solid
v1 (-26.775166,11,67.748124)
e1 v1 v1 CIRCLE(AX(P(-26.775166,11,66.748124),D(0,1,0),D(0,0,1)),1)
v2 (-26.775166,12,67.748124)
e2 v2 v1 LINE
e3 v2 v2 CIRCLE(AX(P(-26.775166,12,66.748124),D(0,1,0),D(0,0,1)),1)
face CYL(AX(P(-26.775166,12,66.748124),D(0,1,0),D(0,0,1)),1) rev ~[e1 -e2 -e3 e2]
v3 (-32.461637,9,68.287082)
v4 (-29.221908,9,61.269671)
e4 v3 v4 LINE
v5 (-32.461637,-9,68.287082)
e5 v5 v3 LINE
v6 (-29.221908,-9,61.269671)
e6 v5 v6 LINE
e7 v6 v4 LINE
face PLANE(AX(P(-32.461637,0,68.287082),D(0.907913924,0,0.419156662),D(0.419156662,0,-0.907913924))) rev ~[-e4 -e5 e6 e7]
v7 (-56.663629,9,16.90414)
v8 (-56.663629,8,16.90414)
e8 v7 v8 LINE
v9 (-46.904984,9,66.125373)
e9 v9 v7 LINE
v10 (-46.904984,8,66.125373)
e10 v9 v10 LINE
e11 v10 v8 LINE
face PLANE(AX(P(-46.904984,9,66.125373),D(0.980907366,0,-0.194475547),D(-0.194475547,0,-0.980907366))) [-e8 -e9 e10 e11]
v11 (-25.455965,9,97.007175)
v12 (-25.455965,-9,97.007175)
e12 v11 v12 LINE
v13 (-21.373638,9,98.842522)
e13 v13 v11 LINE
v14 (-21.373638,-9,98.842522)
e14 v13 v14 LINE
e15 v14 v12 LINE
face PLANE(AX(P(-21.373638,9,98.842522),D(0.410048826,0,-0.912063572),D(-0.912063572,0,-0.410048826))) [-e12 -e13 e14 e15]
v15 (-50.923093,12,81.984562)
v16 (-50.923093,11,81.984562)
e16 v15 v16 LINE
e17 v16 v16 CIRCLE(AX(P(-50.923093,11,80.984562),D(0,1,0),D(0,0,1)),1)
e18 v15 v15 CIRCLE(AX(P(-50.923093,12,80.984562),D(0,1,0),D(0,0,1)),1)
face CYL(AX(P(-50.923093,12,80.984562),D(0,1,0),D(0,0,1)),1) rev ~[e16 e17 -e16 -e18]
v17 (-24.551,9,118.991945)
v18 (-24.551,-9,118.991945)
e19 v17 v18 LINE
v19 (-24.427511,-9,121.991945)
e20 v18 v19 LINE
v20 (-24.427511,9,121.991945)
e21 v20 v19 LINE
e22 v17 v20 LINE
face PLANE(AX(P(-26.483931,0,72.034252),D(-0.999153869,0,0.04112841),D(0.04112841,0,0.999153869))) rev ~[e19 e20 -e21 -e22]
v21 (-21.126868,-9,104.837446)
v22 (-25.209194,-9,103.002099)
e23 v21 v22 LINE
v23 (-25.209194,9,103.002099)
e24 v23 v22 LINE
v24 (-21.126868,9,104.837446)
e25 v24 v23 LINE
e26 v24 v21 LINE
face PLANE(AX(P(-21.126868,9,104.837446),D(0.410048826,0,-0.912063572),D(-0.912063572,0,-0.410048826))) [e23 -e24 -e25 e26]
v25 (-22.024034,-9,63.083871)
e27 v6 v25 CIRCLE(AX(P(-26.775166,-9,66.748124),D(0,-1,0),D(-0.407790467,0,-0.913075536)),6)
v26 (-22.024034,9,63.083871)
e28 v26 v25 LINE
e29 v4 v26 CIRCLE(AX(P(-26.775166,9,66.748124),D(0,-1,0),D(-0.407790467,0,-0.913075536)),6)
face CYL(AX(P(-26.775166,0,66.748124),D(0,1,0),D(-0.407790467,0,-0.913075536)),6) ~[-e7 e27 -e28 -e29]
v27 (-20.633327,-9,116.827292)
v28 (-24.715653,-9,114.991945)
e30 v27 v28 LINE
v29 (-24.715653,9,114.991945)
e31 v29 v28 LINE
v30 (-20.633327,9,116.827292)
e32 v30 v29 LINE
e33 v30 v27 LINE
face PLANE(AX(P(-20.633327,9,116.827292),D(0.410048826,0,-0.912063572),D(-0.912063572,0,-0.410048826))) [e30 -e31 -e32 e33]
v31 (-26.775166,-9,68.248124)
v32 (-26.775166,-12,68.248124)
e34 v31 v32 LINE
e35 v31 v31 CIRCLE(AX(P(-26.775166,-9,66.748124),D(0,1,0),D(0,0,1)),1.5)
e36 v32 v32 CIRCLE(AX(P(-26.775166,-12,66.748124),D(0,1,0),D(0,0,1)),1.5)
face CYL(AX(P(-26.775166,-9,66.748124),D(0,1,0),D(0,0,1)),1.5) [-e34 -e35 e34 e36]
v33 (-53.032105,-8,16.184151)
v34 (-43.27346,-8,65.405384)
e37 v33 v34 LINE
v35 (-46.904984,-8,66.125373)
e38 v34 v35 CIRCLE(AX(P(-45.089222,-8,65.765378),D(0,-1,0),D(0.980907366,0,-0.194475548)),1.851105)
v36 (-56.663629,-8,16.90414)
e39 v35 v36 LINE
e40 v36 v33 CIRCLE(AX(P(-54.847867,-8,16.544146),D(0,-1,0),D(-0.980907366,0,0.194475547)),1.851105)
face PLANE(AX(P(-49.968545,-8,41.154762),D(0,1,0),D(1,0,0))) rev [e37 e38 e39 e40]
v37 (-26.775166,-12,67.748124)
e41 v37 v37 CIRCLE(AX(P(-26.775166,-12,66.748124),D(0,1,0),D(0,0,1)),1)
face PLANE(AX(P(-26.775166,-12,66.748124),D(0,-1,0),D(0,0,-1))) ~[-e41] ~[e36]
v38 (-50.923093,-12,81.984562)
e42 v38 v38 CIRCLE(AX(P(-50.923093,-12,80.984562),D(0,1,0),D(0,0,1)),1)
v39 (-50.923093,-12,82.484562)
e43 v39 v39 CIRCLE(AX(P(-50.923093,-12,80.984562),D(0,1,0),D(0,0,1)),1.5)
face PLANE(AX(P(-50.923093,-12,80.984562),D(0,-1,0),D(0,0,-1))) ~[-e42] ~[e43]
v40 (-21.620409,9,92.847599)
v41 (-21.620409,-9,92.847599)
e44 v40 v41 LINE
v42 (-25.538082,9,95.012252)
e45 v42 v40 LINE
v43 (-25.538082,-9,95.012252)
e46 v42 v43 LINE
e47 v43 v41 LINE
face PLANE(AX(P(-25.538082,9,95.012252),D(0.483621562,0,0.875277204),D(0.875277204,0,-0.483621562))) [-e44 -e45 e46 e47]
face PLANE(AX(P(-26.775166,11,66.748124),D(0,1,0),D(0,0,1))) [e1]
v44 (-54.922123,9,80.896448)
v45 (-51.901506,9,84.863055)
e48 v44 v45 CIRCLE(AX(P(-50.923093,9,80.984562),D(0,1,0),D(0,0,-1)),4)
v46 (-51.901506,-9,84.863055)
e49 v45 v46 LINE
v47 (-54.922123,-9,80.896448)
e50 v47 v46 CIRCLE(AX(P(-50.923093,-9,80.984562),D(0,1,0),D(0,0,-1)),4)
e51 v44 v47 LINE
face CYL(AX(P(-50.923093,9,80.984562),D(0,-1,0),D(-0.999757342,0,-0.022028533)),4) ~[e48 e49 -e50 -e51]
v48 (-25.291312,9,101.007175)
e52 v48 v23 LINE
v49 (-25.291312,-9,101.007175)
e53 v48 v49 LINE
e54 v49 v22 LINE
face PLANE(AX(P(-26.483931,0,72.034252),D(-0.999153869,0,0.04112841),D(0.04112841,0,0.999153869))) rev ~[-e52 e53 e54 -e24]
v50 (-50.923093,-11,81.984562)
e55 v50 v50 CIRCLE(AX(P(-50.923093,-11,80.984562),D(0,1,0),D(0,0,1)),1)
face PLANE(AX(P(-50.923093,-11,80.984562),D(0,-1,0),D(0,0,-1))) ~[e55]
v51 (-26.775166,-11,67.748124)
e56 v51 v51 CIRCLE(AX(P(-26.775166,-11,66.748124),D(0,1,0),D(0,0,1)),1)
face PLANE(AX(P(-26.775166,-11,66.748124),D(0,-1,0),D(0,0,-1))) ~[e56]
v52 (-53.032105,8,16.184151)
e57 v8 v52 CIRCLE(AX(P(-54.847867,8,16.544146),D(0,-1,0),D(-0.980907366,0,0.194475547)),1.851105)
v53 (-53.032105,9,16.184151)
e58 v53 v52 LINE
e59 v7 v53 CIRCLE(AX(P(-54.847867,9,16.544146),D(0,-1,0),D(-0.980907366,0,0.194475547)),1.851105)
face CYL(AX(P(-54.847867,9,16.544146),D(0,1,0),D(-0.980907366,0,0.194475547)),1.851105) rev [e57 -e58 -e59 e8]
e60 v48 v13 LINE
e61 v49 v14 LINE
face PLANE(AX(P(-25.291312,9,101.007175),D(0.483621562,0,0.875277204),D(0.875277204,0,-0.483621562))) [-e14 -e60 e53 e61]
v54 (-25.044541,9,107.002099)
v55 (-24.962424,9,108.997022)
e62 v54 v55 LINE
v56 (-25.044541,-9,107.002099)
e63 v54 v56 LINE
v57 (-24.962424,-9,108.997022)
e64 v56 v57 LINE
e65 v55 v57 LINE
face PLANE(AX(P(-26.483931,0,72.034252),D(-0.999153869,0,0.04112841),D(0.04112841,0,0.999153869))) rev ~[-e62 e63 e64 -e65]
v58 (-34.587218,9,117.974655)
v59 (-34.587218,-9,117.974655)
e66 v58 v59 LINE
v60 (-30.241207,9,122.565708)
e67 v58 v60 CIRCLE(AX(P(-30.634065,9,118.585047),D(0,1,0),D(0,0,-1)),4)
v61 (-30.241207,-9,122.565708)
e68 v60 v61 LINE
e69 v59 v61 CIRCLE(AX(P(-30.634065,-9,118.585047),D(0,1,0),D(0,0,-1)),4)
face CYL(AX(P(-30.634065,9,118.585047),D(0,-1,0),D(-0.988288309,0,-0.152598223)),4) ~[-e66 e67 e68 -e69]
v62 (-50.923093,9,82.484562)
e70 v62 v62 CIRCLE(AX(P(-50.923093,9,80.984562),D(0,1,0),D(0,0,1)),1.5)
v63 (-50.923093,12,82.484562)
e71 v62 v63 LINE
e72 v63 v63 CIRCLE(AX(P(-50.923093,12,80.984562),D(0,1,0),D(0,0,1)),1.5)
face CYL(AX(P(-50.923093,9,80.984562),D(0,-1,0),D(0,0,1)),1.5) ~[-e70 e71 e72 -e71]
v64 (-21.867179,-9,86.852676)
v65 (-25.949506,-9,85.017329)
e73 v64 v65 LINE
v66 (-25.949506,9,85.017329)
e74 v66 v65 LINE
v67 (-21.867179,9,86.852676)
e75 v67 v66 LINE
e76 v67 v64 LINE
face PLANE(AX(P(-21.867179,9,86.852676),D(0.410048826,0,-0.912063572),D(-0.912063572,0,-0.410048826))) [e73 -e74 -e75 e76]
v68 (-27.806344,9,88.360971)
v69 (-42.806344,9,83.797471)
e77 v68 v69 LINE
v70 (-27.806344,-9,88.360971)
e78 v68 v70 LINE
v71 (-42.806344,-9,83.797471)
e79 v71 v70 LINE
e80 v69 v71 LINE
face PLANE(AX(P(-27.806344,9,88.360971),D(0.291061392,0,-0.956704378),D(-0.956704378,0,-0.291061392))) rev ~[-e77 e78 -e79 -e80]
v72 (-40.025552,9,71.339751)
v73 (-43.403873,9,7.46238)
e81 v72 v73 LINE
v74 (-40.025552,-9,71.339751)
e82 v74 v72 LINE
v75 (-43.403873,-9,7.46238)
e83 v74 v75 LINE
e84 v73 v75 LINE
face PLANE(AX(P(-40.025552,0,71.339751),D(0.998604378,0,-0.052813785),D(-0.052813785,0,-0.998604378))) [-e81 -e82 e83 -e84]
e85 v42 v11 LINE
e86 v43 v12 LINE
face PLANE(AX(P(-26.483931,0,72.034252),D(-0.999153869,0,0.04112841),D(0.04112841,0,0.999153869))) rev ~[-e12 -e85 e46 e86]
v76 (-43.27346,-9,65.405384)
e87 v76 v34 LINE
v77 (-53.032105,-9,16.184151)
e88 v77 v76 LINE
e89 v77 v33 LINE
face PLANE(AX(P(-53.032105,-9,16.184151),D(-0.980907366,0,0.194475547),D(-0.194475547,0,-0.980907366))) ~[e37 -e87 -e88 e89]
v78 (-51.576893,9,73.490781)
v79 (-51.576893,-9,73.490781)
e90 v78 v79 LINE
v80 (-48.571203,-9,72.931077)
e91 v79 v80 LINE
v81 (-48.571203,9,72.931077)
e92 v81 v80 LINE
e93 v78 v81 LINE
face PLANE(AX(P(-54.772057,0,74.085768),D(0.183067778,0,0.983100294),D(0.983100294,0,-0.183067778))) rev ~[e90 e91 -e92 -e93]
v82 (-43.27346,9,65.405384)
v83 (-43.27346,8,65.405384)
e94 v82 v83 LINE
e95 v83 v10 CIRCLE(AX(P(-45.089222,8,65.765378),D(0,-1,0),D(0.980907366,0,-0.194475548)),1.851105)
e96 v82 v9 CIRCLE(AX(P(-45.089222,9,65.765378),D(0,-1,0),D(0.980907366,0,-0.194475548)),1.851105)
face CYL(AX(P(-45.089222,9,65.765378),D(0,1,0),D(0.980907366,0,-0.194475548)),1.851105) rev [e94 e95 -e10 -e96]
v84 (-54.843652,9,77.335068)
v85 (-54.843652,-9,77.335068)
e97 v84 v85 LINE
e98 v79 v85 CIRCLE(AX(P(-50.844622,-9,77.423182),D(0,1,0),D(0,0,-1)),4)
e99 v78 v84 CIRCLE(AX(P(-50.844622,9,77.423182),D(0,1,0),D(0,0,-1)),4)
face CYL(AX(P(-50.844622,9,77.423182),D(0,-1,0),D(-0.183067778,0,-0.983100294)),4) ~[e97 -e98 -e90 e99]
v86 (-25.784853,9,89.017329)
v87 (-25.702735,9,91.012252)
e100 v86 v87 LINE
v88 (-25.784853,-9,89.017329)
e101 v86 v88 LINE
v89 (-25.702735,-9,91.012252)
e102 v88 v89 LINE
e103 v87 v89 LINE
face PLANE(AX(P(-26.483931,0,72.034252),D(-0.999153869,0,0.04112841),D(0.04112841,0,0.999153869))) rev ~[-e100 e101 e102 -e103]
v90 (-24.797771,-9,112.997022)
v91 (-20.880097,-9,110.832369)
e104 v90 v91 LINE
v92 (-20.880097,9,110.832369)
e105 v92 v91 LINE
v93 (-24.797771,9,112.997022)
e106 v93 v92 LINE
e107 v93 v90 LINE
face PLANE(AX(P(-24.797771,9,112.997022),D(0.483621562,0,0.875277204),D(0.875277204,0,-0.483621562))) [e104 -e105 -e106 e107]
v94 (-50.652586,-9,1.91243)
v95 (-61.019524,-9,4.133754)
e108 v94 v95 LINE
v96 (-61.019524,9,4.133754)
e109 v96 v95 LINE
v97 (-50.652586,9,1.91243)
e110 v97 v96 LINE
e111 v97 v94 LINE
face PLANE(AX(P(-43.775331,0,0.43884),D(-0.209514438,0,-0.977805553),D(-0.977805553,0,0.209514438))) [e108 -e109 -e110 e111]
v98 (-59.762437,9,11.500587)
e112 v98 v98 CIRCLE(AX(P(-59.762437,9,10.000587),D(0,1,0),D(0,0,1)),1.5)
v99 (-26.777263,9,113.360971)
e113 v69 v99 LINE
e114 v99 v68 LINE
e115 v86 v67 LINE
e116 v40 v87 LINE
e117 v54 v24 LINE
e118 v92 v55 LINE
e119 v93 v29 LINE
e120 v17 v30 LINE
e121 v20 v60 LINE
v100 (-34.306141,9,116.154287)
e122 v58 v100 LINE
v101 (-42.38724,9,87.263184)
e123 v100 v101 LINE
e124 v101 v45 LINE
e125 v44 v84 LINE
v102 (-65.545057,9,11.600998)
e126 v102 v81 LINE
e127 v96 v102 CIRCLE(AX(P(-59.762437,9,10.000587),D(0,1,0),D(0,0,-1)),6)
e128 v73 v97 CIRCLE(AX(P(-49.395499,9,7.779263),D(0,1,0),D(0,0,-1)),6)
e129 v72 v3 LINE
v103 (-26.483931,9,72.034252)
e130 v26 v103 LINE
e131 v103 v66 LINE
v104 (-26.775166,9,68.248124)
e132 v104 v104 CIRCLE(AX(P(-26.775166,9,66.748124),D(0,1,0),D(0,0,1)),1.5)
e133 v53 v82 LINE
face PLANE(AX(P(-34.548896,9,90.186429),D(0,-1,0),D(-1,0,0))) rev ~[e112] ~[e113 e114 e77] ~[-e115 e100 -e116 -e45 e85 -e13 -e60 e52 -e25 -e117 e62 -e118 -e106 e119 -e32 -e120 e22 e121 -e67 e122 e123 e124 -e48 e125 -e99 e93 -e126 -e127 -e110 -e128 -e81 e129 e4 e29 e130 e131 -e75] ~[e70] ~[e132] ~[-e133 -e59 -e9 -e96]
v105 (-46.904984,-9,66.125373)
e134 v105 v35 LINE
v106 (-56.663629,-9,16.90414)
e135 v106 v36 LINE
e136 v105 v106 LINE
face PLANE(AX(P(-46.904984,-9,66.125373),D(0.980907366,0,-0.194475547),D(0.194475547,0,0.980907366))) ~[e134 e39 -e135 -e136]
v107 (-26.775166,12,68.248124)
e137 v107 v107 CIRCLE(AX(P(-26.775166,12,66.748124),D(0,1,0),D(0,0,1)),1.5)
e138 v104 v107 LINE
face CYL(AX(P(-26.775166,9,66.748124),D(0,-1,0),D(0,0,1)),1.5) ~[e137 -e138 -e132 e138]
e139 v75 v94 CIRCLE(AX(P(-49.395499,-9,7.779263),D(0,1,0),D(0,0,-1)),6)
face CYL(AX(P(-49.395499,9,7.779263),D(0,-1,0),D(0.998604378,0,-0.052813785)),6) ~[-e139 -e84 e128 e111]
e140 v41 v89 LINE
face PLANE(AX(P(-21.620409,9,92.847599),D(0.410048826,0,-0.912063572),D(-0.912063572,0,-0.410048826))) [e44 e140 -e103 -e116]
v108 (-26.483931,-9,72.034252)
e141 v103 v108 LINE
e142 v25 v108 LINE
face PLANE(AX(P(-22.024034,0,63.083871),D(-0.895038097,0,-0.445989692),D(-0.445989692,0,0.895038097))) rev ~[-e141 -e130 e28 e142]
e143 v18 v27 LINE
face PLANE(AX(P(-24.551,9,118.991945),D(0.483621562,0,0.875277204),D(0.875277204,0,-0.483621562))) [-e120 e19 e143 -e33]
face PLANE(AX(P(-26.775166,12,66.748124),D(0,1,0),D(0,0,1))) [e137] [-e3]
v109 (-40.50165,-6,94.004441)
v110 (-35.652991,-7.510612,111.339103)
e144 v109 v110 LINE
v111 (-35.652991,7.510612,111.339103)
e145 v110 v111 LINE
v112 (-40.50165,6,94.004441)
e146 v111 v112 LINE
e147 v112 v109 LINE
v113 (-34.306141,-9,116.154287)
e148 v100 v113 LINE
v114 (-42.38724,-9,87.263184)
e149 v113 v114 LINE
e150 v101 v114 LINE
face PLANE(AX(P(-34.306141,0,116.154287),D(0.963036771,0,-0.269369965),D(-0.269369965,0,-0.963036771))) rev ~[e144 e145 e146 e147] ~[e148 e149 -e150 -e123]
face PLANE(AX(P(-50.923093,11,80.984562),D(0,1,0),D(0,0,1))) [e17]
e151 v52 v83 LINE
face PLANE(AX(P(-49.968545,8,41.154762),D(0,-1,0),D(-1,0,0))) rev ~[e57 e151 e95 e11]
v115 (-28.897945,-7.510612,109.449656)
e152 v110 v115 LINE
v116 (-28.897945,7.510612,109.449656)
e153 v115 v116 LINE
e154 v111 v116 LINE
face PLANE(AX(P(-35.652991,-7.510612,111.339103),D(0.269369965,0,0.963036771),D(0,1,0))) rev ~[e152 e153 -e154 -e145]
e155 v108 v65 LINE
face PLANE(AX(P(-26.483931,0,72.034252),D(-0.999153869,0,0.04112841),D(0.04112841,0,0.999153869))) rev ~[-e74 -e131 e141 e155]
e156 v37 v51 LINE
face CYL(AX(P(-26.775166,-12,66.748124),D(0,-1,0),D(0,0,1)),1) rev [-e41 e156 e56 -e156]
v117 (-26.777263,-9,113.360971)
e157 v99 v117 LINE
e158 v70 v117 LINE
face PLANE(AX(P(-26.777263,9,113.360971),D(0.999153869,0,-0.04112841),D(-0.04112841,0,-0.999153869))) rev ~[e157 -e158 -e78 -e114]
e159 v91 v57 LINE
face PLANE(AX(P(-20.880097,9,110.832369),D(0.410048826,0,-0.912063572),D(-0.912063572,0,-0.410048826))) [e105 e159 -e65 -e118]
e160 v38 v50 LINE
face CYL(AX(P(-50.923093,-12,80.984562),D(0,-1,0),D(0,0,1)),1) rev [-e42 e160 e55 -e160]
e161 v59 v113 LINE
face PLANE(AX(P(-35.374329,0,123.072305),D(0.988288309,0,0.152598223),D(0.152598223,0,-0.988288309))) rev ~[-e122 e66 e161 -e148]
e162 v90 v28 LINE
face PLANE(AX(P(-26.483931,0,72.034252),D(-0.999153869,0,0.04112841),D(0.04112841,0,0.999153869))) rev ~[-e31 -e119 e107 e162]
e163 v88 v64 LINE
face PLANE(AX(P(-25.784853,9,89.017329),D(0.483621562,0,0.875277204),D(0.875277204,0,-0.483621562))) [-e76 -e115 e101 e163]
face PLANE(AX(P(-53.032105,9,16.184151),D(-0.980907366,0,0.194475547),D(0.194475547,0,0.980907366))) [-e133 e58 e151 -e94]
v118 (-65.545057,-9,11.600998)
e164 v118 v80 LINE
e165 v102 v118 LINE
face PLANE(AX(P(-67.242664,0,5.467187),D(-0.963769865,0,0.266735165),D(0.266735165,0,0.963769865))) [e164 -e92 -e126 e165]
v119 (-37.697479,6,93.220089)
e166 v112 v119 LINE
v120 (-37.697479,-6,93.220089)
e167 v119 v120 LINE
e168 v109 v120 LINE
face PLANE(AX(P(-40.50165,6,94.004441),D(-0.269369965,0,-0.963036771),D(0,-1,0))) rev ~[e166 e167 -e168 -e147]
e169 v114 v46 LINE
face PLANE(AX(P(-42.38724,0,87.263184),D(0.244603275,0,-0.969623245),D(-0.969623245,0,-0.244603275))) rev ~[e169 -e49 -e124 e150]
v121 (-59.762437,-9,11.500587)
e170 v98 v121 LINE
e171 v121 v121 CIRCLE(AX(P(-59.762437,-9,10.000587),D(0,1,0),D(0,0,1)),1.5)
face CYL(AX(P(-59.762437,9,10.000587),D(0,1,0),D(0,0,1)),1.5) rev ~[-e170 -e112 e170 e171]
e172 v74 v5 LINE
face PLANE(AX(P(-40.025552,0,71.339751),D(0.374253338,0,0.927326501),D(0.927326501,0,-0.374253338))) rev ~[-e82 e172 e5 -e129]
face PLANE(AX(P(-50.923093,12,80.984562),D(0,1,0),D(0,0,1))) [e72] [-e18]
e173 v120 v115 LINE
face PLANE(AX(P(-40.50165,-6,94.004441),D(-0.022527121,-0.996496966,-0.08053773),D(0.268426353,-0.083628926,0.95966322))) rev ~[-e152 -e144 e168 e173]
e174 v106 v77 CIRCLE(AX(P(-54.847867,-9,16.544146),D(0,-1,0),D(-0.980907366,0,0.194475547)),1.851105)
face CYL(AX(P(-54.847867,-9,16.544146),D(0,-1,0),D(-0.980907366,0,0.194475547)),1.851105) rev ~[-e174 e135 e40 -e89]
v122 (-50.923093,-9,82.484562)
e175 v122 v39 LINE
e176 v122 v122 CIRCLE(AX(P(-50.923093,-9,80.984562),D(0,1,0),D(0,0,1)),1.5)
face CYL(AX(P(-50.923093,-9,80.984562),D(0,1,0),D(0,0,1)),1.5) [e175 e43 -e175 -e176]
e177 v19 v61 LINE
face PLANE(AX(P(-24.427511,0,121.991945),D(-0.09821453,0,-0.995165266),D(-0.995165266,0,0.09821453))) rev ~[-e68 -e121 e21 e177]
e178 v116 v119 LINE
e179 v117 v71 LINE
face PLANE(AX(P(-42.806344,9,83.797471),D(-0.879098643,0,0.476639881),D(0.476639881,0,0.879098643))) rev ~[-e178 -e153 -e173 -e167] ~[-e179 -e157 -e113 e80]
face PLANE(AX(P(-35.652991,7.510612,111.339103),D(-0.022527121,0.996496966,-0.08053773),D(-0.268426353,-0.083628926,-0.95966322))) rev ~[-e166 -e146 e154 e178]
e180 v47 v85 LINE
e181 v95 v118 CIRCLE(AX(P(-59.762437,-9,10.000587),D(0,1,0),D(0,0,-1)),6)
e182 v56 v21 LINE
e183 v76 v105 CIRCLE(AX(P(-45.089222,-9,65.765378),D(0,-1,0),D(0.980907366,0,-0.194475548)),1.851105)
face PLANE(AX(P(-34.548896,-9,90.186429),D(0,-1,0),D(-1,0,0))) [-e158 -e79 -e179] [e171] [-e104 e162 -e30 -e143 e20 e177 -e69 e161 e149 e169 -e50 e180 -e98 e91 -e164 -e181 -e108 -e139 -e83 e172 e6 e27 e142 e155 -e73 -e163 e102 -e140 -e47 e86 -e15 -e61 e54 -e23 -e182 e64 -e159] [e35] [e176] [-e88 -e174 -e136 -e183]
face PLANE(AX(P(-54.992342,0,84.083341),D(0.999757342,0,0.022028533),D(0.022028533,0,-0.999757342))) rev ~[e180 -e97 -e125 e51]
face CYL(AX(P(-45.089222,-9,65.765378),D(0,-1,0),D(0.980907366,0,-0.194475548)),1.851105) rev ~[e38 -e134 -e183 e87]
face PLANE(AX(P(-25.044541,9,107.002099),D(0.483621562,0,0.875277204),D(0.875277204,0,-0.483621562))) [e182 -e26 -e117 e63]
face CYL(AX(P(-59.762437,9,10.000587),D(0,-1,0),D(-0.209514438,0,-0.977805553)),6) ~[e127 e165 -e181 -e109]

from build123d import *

# Parameters (mm, degrees)
BOSS_EXTRUDE2_DEPTH = 9
FILLET2_R           = 6
FILLET3_R           = 4
BOSS_EXTRUDE3_DEPTH = 18
LPATTERN1_COUNT     = 6
LPATTERN1_PITCH     = 6
CUT_EXTRUDE1_DEPTH  = 26
CUT_EXTRUDE2_DEPTH  = 8
SKETCH6_R           = 1.5
CUT_EXTRUDE3_DEPTH  = 141.270424647
SKETCH7_R           = 1.5
BOSS_EXTRUDE4_DEPTH = 3
SKETCH8_R           = 1
CUT_EXTRUDE4_DEPTH  = 1
SKETCH9_R           = 1
CUT_EXTRUDE5_DEPTH  = 1
CUT_EXTRUDE6_DEPTH  = 1


with BuildPart() as part:
    # Sketch2 → Boss-Extrude2 (new, symmetric)
    with BuildSketch(Plane(origin=(0, 0, 0), x_dir=(1, 0, 0), z_dir=(0, 1, 0))):
        with BuildLine():
            ThreePointArc((-29.221908411, -61.269670629), (-25.308747509, -60.930081396), (-22.024034304, -63.083870674))
            Line((-22.024034304, -63.083870674), (-26.48393122, -72.034251644))
            Line((-26.48393122, -72.034251644), (-24.427510733, -121.991945093))
            Line((-24.427510733, -121.991945093), (-35.374328657, -123.072304919))
            Line((-35.374328657, -123.072304919), (-34.306141095, -116.154286754))
            Line((-34.306141095, -116.154286754), (-42.387240047, -87.26318363))
            Line((-42.387240047, -87.26318363), (-54.992342236, -84.083341057))
            Line((-54.992342236, -84.083341057), (-54.772056901, -74.085767632))
            Line((-54.772056901, -74.085767632), (-40.025552486, -71.339750966))
            Line((-40.025552486, -71.339750966), (-32.461637172, -68.287082299))
            Line((-32.461637172, -68.287082299), (-29.221908411, -61.269670629))
        make_face()
        Polygon((-40.025552486, -71.339750966), (-43.775331208, -0.438840115), (-67.242664489, -5.467186629), (-48.571202968, -72.931077154), align=None)
    extrude(amount=BOSS_EXTRUDE2_DEPTH, both=True)

    # Fillet2
    fillet2_edges = [part.edges().sort_by_distance(p)[0] for p in [
        (-67.242664489, 0, 5.467186629),
        (-43.775331208, 0, 0.438840115),
    ]]
    fillet(fillet2_edges, radius=FILLET2_R)

    # Fillet3
    fillet3_edges = [part.edges().sort_by_distance(p)[0] for p in [
        (-35.374328657, 0, 123.072304919),
        (-54.992342236, 0, 84.083341057),
        (-54.772056901, 0, 74.085767632),
    ]]
    fillet(fillet3_edges, radius=FILLET3_R)

    # Sketch3 → Boss-Extrude3 (add)
    with BuildSketch(Plane(origin=(0, 9, 0), x_dir=(1, 0, 0), z_dir=(0, 1, 0))):
        Polygon((-24.715653408, -114.991945093), (-24.633326929, -116.991945093), (-20.633326929, -116.827292136), align=None)
        Polygon((-24.633326929, -116.991945093), (-24.551000451, -118.991945093), (-20.633326929, -116.827292136), align=None)
    boss_extrude3 = extrude(amount=-BOSS_EXTRUDE3_DEPTH)

    # LPattern1: Boss-Extrude3 ×6
    with Locations(*[Vector(-0.04112840973087357, 0, -0.9991538689876598) * (i * LPATTERN1_PITCH) for i in range(1, LPATTERN1_COUNT)]):
        add(boss_extrude3)

    # Sketch4 → Cut-Extrude1 (cut)
    with BuildSketch(Plane(origin=(0, 9, 0), x_dir=(1, 0, 0), z_dir=(0, 1, 0))):
        Polygon((-26.777262548, -113.360971375), (-27.806343529, -88.360971375), (-42.806343529, -83.797470899), align=None)
    extrude(amount=-CUT_EXTRUDE1_DEPTH, mode=Mode.SUBTRACT)

    # Sketch5 → Cut-Extrude2 (cut)
    with BuildSketch(Plane(origin=(-61.948834437, 0, 17.327640931), x_dir=(0.2693699650610515, 0, 0.9630367708052524), z_dir=(-0.9630367708052524, 0, 0.2693699650610515))):
        Polygon((79.619805202, 6), (79.619805202, -6), (97.619805202, -7.510612388), (97.619805202, 7.510612388), align=None)
    extrude(amount=-CUT_EXTRUDE2_DEPTH, mode=Mode.SUBTRACT)

    # Sketch6 → Cut-Extrude3 (cut, through all)
    with BuildSketch(Plane(origin=(0, 9, 0), x_dir=(1, 0, 0), z_dir=(0, 1, 0))):
        with Locations(Location((-59.762437454, -10.000587386, 0), (0, 0, 270))):
            Circle(SKETCH6_R)
    extrude(amount=-CUT_EXTRUDE3_DEPTH, mode=Mode.SUBTRACT)

    # Sketch7 → Boss-Extrude4 (add)
    with BuildSketch(Plane(origin=(0, 9, 0), x_dir=(1, 0, 0), z_dir=(0, 1, 0))):
        with Locations(Location((-26.77516561, -66.748123847, 0), (0, 0, 270))):
            Circle(SKETCH7_R)
        with Locations(Location((-50.92309324, -80.984561831, 0), (0, 0, 270))):
            Circle(SKETCH7_R)
    boss_extrude4 = extrude(amount=BOSS_EXTRUDE4_DEPTH)

    # Sketch8 → Cut-Extrude4 (cut)
    with BuildSketch(Plane(origin=(0, 12, 0), x_dir=(1, 0, 0), z_dir=(0, 1, 0))):
        with Locations(Location((-50.92309324, -80.984561831, 0), (0, 0, 270))):
            Circle(SKETCH8_R)
    cut_extrude4 = extrude(amount=-CUT_EXTRUDE4_DEPTH, mode=Mode.SUBTRACT)

    # Sketch9 → Cut-Extrude5 (cut)
    with BuildSketch(Plane(origin=(0, 12, 0), x_dir=(1, 0, 0), z_dir=(0, 1, 0))):
        with Locations(Location((-26.77516561, -66.748123847, 0), (0, 0, 270))):
            Circle(SKETCH9_R)
    cut_extrude5 = extrude(amount=-CUT_EXTRUDE5_DEPTH, mode=Mode.SUBTRACT)

    # Sketch10 → Cut-Extrude6 (cut)
    with BuildSketch(Plane(origin=(0, 9, 0), x_dir=(1, 0, 0), z_dir=(0, 1, 0))):
        with BuildLine():
            Line((-53.032104668, -16.184151081), (-43.273460306, -65.40538361))
            ThreePointArc((-43.273460306, -65.40538361), (-44.729227788, -67.581140215), (-46.904984392, -66.125372733))
            Line((-46.904984392, -66.125372733), (-56.663628755, -16.904140204))
            ThreePointArc((-56.663628755, -16.904140204), (-55.207861273, -14.728383599), (-53.032104668, -16.184151081))
        make_face()
    cut_extrude6 = extrude(amount=-CUT_EXTRUDE6_DEPTH, mode=Mode.SUBTRACT)

    # Mirror1: Boss-Extrude4, Cut-Extrude4, Cut-Extrude5, Cut-Extrude6 across plane
    add(boss_extrude4.mirror(Plane.ZX))
    add(cut_extrude4.mirror(Plane.ZX), mode=Mode.SUBTRACT)
    add(cut_extrude5.mirror(Plane.ZX), mode=Mode.SUBTRACT)
    add(cut_extrude6.mirror(Plane.ZX), mode=Mode.SUBTRACT)


solid = part.part
